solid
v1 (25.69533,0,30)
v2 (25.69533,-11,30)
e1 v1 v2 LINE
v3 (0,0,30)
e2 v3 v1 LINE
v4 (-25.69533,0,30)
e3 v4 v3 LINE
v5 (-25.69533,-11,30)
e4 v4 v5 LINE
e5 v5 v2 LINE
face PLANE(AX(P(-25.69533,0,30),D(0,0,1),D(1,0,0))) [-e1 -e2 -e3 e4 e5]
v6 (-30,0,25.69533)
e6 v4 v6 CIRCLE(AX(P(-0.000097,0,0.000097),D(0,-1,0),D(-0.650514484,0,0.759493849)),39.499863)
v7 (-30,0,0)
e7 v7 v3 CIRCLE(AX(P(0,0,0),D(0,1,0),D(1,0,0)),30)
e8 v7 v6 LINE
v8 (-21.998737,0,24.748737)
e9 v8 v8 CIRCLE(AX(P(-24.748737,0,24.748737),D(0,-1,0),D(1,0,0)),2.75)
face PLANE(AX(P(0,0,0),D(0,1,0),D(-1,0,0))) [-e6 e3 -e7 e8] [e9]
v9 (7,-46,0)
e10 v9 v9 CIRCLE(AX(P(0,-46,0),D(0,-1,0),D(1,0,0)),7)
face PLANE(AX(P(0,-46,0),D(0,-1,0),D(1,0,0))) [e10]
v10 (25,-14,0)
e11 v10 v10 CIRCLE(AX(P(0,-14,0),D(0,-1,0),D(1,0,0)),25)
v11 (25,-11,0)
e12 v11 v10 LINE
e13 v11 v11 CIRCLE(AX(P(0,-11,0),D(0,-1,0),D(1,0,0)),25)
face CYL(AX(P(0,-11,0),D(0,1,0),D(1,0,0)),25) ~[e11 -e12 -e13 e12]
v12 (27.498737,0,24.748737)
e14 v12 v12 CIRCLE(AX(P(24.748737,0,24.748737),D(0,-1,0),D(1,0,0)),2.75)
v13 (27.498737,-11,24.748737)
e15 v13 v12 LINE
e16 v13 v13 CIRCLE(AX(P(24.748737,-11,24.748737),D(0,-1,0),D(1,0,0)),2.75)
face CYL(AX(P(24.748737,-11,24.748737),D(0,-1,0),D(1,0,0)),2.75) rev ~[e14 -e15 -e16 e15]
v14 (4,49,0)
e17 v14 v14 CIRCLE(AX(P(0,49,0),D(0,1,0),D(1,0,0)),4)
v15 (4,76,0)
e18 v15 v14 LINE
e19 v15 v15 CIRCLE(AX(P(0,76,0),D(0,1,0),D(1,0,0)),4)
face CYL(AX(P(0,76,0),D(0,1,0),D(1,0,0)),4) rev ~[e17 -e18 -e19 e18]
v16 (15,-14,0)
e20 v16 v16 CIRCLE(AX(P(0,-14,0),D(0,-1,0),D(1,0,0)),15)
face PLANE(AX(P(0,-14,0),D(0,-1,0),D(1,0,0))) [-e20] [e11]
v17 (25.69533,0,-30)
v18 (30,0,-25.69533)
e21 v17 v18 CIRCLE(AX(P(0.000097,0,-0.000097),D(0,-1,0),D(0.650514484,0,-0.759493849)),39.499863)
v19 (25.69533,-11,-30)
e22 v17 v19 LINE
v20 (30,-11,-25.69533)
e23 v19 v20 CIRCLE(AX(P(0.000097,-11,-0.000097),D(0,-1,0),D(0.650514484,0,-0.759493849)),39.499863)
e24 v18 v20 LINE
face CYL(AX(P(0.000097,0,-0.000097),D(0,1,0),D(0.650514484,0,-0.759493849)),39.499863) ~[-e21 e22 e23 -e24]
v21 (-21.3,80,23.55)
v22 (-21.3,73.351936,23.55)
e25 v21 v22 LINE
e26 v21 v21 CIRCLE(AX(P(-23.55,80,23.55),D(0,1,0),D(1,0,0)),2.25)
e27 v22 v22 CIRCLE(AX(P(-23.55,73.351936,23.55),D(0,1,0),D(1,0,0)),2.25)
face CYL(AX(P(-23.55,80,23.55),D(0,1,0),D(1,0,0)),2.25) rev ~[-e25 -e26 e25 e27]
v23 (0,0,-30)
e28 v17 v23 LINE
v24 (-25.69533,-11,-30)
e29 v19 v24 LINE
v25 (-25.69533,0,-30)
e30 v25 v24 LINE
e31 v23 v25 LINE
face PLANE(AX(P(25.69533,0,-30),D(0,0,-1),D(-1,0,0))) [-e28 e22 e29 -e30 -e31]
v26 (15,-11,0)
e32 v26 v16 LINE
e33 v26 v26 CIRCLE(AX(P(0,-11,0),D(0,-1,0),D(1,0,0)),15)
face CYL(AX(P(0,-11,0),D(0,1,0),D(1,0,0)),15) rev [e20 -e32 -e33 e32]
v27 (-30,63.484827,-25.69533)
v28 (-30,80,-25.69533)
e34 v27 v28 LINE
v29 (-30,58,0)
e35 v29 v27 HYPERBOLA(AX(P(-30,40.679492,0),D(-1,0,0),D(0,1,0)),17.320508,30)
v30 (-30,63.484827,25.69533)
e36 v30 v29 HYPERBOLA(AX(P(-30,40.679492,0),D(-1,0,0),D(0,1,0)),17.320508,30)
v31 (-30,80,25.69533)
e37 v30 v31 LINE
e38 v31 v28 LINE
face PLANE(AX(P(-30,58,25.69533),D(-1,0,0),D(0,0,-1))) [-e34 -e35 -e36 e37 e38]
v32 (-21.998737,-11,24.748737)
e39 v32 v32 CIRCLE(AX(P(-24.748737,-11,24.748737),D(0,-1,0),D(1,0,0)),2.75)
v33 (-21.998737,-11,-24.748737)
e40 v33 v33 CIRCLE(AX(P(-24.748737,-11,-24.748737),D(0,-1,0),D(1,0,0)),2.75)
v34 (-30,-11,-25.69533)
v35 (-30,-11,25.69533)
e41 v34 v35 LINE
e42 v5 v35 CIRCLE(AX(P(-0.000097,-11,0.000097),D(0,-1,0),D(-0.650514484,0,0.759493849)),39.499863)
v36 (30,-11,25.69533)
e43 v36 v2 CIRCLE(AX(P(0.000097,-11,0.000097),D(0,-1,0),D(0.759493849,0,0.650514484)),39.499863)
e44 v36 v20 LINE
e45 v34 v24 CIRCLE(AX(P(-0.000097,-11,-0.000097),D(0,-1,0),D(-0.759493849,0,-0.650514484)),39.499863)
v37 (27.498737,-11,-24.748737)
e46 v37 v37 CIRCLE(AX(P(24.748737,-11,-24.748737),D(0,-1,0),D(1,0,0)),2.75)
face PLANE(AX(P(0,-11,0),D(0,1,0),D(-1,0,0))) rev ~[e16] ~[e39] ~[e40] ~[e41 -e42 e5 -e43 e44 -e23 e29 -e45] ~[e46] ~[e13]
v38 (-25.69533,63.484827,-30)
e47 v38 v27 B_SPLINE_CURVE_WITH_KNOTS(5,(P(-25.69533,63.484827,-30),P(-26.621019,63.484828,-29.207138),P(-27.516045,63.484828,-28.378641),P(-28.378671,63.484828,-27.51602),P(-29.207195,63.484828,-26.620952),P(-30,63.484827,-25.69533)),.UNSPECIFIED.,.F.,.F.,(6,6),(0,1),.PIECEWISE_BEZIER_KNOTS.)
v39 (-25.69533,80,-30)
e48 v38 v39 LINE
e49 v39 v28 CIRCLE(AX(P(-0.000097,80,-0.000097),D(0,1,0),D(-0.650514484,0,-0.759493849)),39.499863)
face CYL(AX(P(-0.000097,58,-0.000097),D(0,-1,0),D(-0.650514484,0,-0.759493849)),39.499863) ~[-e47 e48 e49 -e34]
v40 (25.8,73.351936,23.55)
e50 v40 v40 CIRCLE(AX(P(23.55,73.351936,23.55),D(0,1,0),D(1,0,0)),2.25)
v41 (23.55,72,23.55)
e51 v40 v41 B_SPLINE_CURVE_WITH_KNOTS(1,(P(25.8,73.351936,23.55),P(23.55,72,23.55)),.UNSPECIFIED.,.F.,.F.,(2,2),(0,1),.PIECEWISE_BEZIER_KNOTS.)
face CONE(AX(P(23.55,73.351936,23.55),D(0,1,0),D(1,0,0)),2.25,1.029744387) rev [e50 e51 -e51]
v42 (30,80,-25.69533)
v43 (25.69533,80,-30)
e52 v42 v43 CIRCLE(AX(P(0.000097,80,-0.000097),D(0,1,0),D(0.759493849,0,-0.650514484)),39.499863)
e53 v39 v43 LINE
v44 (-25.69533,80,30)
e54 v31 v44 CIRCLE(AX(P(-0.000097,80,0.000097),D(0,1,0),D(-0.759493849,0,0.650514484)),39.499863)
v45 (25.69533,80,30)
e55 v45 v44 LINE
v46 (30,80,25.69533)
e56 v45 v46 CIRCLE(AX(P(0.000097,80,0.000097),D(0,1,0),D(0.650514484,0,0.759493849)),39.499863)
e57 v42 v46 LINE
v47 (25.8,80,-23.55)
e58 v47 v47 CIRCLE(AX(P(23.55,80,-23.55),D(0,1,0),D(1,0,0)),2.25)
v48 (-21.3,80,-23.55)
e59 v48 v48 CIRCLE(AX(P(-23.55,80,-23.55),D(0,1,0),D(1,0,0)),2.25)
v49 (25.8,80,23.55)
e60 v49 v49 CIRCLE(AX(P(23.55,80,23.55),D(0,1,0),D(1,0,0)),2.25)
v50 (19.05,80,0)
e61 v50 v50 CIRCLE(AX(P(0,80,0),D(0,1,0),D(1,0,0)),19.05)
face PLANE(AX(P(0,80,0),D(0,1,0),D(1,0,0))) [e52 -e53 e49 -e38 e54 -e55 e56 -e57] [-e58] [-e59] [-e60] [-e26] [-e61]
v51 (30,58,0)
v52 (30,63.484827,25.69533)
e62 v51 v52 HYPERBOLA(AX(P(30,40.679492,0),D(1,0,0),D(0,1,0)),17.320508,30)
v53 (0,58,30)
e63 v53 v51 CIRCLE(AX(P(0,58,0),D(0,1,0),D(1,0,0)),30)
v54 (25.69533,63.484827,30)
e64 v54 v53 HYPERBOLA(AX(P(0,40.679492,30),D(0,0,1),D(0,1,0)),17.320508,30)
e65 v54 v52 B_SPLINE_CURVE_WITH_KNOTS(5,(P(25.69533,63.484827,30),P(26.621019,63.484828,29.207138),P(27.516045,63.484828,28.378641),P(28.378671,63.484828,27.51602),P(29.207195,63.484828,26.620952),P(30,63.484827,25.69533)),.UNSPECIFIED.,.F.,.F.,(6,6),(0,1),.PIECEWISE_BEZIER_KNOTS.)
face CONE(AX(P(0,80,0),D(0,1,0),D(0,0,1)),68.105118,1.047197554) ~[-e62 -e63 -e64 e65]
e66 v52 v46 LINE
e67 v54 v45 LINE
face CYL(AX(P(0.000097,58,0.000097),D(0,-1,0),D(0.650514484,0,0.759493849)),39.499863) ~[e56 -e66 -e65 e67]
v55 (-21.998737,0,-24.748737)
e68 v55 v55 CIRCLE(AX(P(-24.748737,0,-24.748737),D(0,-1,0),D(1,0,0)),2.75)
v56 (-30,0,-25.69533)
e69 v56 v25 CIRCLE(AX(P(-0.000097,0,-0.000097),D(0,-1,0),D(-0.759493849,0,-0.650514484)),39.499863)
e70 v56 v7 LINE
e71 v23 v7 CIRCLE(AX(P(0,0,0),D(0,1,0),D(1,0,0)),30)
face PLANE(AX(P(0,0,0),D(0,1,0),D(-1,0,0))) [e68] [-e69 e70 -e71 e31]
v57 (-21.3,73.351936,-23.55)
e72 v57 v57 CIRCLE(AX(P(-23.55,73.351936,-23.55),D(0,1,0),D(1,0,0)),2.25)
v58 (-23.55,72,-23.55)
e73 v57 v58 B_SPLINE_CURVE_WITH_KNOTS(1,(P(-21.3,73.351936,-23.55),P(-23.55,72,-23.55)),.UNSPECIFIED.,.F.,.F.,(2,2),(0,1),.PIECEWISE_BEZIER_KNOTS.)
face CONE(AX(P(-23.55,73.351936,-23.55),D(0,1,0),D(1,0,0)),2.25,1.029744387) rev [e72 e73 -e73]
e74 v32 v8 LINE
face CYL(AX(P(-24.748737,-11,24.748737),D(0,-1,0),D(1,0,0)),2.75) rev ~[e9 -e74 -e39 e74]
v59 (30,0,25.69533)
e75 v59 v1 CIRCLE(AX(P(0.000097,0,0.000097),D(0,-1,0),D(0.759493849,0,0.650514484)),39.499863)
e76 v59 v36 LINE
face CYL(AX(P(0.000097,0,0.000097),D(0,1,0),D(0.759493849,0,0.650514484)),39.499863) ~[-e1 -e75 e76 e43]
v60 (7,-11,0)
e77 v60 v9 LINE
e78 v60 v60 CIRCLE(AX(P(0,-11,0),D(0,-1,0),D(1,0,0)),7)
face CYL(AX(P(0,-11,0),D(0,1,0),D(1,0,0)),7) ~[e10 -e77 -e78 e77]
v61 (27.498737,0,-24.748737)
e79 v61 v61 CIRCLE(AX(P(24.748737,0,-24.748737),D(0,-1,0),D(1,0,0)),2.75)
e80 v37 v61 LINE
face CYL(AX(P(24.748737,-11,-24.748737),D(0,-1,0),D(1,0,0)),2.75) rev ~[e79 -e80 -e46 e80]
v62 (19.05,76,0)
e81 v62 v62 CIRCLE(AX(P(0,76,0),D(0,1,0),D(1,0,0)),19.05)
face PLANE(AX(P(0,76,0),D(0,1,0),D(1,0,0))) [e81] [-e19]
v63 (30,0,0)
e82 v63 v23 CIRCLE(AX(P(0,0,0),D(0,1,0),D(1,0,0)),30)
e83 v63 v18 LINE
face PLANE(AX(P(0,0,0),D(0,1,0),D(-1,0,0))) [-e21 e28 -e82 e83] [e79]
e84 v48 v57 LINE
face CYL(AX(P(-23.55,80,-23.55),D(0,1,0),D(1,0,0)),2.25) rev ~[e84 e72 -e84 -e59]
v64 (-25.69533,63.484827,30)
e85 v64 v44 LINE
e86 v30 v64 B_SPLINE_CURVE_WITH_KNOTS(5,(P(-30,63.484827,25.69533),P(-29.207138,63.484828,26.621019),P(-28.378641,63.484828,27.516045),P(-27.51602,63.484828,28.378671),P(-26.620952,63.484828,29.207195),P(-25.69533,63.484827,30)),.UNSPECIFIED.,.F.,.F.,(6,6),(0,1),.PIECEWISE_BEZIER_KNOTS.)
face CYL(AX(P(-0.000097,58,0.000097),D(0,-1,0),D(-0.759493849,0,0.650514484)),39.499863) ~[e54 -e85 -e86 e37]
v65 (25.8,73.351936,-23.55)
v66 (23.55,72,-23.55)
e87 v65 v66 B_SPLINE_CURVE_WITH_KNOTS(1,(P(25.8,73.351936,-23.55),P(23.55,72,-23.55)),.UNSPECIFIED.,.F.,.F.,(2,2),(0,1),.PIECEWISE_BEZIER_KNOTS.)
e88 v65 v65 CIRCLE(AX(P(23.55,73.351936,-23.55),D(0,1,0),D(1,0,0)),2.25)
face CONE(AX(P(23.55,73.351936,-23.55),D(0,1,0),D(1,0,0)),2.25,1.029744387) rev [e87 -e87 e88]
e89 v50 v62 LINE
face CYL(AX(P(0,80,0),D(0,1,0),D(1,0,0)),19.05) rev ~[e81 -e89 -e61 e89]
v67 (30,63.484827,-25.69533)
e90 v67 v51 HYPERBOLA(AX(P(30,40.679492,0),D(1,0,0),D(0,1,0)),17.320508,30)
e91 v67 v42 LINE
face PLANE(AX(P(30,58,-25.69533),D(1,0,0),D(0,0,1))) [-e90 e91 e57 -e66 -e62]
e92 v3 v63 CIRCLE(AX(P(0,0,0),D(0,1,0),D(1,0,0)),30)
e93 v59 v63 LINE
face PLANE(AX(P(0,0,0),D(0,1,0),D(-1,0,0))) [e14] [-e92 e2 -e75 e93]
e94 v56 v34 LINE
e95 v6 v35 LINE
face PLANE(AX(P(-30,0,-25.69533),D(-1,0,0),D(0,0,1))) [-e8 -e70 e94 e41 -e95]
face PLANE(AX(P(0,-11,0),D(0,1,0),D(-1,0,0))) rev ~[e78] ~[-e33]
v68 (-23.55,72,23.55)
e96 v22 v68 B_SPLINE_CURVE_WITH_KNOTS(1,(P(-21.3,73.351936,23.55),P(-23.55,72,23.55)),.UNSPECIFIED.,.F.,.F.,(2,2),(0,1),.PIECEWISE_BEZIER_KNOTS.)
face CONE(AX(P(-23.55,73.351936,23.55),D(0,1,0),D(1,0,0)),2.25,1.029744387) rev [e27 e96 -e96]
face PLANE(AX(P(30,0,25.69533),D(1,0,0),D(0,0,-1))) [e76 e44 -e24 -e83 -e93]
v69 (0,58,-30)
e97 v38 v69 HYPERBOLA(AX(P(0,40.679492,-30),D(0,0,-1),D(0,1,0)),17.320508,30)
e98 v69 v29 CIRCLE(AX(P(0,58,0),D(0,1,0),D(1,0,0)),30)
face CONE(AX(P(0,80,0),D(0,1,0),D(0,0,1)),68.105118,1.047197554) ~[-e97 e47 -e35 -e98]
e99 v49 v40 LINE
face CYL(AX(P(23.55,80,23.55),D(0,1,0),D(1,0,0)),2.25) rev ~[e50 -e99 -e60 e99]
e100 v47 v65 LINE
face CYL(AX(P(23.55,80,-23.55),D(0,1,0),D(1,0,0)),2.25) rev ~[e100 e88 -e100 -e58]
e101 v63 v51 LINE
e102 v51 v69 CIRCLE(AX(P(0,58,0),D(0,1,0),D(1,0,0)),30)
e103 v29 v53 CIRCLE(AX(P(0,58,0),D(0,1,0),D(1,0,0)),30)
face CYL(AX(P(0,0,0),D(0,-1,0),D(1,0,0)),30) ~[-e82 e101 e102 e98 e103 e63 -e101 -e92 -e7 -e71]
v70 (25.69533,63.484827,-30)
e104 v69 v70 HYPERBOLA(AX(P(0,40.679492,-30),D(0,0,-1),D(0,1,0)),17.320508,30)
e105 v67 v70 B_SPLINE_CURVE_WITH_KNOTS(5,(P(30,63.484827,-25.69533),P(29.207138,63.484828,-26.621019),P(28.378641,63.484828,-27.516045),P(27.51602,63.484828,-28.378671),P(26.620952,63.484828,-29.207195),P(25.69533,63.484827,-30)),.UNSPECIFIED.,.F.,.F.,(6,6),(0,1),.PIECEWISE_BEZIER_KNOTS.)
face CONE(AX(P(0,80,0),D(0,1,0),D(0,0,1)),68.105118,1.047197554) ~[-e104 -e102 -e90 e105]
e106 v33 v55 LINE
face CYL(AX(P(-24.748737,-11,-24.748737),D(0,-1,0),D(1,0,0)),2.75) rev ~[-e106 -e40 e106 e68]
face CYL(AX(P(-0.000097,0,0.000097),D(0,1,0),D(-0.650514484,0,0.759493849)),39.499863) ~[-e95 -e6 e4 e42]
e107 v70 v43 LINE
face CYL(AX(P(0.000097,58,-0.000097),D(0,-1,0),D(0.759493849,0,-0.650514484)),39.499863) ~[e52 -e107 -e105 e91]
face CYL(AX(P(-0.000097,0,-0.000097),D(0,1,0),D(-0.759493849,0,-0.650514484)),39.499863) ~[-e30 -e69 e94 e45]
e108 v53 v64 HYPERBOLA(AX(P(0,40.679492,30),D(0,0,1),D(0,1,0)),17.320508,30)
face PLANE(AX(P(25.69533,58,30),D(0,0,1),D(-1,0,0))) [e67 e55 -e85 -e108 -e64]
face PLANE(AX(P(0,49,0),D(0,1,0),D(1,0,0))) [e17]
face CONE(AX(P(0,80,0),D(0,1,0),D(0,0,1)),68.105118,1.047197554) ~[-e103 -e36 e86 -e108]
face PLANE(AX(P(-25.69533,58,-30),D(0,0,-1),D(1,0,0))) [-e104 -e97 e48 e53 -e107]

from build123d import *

# Parameters (mm, degrees)
PAD_DEPTH       = 11
SKETCH001_R     = 25
SKETCH001_R_2   = 15
PAD001_DEPTH    = 3
SKETCH002_R     = 7
PAD002_DEPTH    = 35
SKETCH003_R     = 30
PAD003_DEPTH    = 58
PAD004_DEPTH    = 22
SKETCH006_R     = 19.05
POCKET_DEPTH    = 4
SKETCH007_R     = 2.25
HOLE_DEPTH      = 6.648064
HOLE_TIPS_R     = 2.25
SKETCH008_R     = 4
POCKET001_DEPTH = 27
SKETCH009_R     = 2.75
HOLE001_DEPTH   = 23.347633
HOLE001_TIPS_R  = 2.75


with BuildPart() as part:
    # Sketch → Pad (new body)
    with BuildSketch(Plane.XZ):
        with BuildLine():
            Line((-25.69533, 30), (25.69533, 30))
            ThreePointArc((30, 25.69533), (27.930718, 27.930718), (25.69533, 30))
            Line((30, 25.69533), (30, -25.69533))
            ThreePointArc((25.69533, -30), (27.930718, -27.930718), (30, -25.69533))
            Line((25.69533, -30), (-25.69533, -30))
            ThreePointArc((-30, -25.69533), (-27.930718, -27.930718), (-25.69533, -30))
            Line((-30, -25.69533), (-30, 25.69533))
            ThreePointArc((-25.69533, 30), (-27.930718, 27.930718), (-30, 25.69533))
        make_face()
    extrude(amount=PAD_DEPTH)

    # Sketch001 (on Face10 of Pad) → Pad001 (join)
    with BuildSketch(Plane.XZ.offset(11)):
        Circle(SKETCH001_R)
        Circle(SKETCH001_R_2, mode=Mode.SUBTRACT)
    extrude(amount=PAD001_DEPTH)

    # Sketch002 (on Face14 of Pad001) → Pad002 (join)
    with BuildSketch(Plane.XZ.offset(11)):
        Circle(SKETCH002_R)
    extrude(amount=PAD002_DEPTH)

    # Sketch003 (on Face4 of Pad002) → Pad003 (join)
    with BuildSketch(Plane(origin=(0, 0, 0), x_dir=(1, 0, 0), z_dir=(0, 1, 0))):
        Circle(SKETCH003_R)
    extrude(amount=PAD003_DEPTH)

    # Sketch004 (on Face16 of Pad003) → Pad004 (join)
    with BuildSketch(Plane(origin=(0, 58, 0), x_dir=(1, 0, 0), z_dir=(0, 1, 0))):
        with BuildLine():
            ThreePointArc((-30, -25.69533), (-27.930718, -27.930718), (-25.69533, -30))
            Line((25.69533, -30), (-25.69533, -30))
            ThreePointArc((25.69533, -30), (27.930718, -27.930718), (30, -25.69533))
            Line((30, 25.69533), (30, -25.69533))
            ThreePointArc((30, 25.69533), (27.930718, 27.930718), (25.69533, 30))
            Line((-25.69533, 30), (25.69533, 30))
            ThreePointArc((-25.69533, 30), (-27.930718, 27.930718), (-30, 25.69533))
            Line((-30, -25.69533), (-30, 25.69533))
        make_face()
    extrude(amount=PAD004_DEPTH)

    # Sketch005 → Groove (revolve, cut)
    with BuildSketch(Plane.YZ):
        Polygon((80, 68.105118), (58, 30), (58, 68.105118), align=None)
    revolve(axis=Axis((0, 0, 0), (0, 1, 0)), mode=Mode.SUBTRACT)

    # Sketch006 (on Face30 of Groove) → Pocket (cut)
    with BuildSketch(Plane(origin=(0, 80, 0), x_dir=(1, 0, 0), z_dir=(0, 1, 0))):
        Circle(SKETCH006_R)
    extrude(amount=-POCKET_DEPTH, mode=Mode.SUBTRACT)

    # Sketch007 (on Face30 of Pocket) → Hole (cut)
    with BuildSketch(Plane(origin=(0, 80, 0), x_dir=(1, 0, 0), z_dir=(0, 1, 0))):
        with Locations((-23.55, -23.55)):
            Circle(SKETCH007_R)
        with Locations((23.55, -23.55)):
            Circle(SKETCH007_R)
        with Locations((-23.55, 23.55)):
            Circle(SKETCH007_R)
        with Locations((23.55, 23.55)):
            Circle(SKETCH007_R)
    extrude(amount=-HOLE_DEPTH, mode=Mode.SUBTRACT)

    # Hole tips → Hole tip 1 section 0
    with BuildSketch(Plane(origin=(0, 73.351936, 0), x_dir=(1, 0, 0), z_dir=(0, 1, 0)), mode=Mode.PRIVATE) as hole_tip_1_s0:
        with Locations((-23.55, -23.55)):
            Circle(HOLE_TIPS_R)
    loft([hole_tip_1_s0.sketch, Vertex(-23.55, 72, 23.55)], mode=Mode.SUBTRACT)

    # Hole tips → Hole tip 2 section 0
    with BuildSketch(Plane(origin=(0, 73.351936, 0), x_dir=(1, 0, 0), z_dir=(0, 1, 0)), mode=Mode.PRIVATE) as hole_tip_2_s0:
        with Locations((23.55, -23.55)):
            Circle(HOLE_TIPS_R)
    loft([hole_tip_2_s0.sketch, Vertex(23.55, 72, 23.55)], mode=Mode.SUBTRACT)

    # Hole tips → Hole tip 3 section 0
    with BuildSketch(Plane(origin=(0, 73.351936, 0), x_dir=(1, 0, 0), z_dir=(0, 1, 0)), mode=Mode.PRIVATE) as hole_tip_3_s0:
        with Locations((-23.55, 23.55)):
            Circle(HOLE_TIPS_R)
    loft([hole_tip_3_s0.sketch, Vertex(-23.55, 72, -23.55)], mode=Mode.SUBTRACT)

    # Hole tips → Hole tip 4 section 0
    with BuildSketch(Plane(origin=(0, 73.351936, 0), x_dir=(1, 0, 0), z_dir=(0, 1, 0)), mode=Mode.PRIVATE) as hole_tip_4_s0:
        with Locations((23.55, 23.55)):
            Circle(HOLE_TIPS_R)
    loft([hole_tip_4_s0.sketch, Vertex(23.55, 72, -23.55)], mode=Mode.SUBTRACT)

    # Sketch008 (on Face41 of Hole) → Pocket001 (cut)
    with BuildSketch(Plane(origin=(0, 76, 0), x_dir=(1, 0, 0), z_dir=(0, 1, 0))):
        Circle(SKETCH008_R)
    extrude(amount=-POCKET001_DEPTH, mode=Mode.SUBTRACT)

    # Sketch009 (on Face6 of Pocket001) → Hole001 (cut)
    with BuildSketch(Plane.XZ.offset(11)):
        with Locations((-24.748737, 24.748737)):
            Circle(SKETCH009_R)
        with Locations((24.748737, 24.748737)):
            Circle(SKETCH009_R)
        with Locations((24.748737, -24.748737)):
            Circle(SKETCH009_R)
        with Locations((-24.748737, -24.748737)):
            Circle(SKETCH009_R)
    extrude(amount=-HOLE001_DEPTH, mode=Mode.SUBTRACT)

    # Hole001 tips → Hole001 tip 1 section 0
    with BuildSketch(Plane.XZ.offset(-12.347633), mode=Mode.PRIVATE) as hole001_tip_1_s0:
        with Locations((-24.748737, 24.748737)):
            Circle(HOLE001_TIPS_R)
    loft([hole001_tip_1_s0.sketch, Vertex(-24.748737, 14, 24.748737)], mode=Mode.SUBTRACT)

    # Hole001 tips → Hole001 tip 2 section 0
    with BuildSketch(Plane.XZ.offset(-12.347633), mode=Mode.PRIVATE) as hole001_tip_2_s0:
        with Locations((24.748737, 24.748737)):
            Circle(HOLE001_TIPS_R)
    loft([hole001_tip_2_s0.sketch, Vertex(24.748737, 14, 24.748737)], mode=Mode.SUBTRACT)

    # Hole001 tips → Hole001 tip 3 section 0
    with BuildSketch(Plane.XZ.offset(-12.347633), mode=Mode.PRIVATE) as hole001_tip_3_s0:
        with Locations((24.748737, -24.748737)):
            Circle(HOLE001_TIPS_R)
    loft([hole001_tip_3_s0.sketch, Vertex(24.748737, 14, -24.748737)], mode=Mode.SUBTRACT)

    # Hole001 tips → Hole001 tip 4 section 0
    with BuildSketch(Plane.XZ.offset(-12.347633), mode=Mode.PRIVATE) as hole001_tip_4_s0:
        with Locations((-24.748737, -24.748737)):
            Circle(HOLE001_TIPS_R)
    loft([hole001_tip_4_s0.sketch, Vertex(-24.748737, 14, -24.748737)], mode=Mode.SUBTRACT)


solid = part.part
